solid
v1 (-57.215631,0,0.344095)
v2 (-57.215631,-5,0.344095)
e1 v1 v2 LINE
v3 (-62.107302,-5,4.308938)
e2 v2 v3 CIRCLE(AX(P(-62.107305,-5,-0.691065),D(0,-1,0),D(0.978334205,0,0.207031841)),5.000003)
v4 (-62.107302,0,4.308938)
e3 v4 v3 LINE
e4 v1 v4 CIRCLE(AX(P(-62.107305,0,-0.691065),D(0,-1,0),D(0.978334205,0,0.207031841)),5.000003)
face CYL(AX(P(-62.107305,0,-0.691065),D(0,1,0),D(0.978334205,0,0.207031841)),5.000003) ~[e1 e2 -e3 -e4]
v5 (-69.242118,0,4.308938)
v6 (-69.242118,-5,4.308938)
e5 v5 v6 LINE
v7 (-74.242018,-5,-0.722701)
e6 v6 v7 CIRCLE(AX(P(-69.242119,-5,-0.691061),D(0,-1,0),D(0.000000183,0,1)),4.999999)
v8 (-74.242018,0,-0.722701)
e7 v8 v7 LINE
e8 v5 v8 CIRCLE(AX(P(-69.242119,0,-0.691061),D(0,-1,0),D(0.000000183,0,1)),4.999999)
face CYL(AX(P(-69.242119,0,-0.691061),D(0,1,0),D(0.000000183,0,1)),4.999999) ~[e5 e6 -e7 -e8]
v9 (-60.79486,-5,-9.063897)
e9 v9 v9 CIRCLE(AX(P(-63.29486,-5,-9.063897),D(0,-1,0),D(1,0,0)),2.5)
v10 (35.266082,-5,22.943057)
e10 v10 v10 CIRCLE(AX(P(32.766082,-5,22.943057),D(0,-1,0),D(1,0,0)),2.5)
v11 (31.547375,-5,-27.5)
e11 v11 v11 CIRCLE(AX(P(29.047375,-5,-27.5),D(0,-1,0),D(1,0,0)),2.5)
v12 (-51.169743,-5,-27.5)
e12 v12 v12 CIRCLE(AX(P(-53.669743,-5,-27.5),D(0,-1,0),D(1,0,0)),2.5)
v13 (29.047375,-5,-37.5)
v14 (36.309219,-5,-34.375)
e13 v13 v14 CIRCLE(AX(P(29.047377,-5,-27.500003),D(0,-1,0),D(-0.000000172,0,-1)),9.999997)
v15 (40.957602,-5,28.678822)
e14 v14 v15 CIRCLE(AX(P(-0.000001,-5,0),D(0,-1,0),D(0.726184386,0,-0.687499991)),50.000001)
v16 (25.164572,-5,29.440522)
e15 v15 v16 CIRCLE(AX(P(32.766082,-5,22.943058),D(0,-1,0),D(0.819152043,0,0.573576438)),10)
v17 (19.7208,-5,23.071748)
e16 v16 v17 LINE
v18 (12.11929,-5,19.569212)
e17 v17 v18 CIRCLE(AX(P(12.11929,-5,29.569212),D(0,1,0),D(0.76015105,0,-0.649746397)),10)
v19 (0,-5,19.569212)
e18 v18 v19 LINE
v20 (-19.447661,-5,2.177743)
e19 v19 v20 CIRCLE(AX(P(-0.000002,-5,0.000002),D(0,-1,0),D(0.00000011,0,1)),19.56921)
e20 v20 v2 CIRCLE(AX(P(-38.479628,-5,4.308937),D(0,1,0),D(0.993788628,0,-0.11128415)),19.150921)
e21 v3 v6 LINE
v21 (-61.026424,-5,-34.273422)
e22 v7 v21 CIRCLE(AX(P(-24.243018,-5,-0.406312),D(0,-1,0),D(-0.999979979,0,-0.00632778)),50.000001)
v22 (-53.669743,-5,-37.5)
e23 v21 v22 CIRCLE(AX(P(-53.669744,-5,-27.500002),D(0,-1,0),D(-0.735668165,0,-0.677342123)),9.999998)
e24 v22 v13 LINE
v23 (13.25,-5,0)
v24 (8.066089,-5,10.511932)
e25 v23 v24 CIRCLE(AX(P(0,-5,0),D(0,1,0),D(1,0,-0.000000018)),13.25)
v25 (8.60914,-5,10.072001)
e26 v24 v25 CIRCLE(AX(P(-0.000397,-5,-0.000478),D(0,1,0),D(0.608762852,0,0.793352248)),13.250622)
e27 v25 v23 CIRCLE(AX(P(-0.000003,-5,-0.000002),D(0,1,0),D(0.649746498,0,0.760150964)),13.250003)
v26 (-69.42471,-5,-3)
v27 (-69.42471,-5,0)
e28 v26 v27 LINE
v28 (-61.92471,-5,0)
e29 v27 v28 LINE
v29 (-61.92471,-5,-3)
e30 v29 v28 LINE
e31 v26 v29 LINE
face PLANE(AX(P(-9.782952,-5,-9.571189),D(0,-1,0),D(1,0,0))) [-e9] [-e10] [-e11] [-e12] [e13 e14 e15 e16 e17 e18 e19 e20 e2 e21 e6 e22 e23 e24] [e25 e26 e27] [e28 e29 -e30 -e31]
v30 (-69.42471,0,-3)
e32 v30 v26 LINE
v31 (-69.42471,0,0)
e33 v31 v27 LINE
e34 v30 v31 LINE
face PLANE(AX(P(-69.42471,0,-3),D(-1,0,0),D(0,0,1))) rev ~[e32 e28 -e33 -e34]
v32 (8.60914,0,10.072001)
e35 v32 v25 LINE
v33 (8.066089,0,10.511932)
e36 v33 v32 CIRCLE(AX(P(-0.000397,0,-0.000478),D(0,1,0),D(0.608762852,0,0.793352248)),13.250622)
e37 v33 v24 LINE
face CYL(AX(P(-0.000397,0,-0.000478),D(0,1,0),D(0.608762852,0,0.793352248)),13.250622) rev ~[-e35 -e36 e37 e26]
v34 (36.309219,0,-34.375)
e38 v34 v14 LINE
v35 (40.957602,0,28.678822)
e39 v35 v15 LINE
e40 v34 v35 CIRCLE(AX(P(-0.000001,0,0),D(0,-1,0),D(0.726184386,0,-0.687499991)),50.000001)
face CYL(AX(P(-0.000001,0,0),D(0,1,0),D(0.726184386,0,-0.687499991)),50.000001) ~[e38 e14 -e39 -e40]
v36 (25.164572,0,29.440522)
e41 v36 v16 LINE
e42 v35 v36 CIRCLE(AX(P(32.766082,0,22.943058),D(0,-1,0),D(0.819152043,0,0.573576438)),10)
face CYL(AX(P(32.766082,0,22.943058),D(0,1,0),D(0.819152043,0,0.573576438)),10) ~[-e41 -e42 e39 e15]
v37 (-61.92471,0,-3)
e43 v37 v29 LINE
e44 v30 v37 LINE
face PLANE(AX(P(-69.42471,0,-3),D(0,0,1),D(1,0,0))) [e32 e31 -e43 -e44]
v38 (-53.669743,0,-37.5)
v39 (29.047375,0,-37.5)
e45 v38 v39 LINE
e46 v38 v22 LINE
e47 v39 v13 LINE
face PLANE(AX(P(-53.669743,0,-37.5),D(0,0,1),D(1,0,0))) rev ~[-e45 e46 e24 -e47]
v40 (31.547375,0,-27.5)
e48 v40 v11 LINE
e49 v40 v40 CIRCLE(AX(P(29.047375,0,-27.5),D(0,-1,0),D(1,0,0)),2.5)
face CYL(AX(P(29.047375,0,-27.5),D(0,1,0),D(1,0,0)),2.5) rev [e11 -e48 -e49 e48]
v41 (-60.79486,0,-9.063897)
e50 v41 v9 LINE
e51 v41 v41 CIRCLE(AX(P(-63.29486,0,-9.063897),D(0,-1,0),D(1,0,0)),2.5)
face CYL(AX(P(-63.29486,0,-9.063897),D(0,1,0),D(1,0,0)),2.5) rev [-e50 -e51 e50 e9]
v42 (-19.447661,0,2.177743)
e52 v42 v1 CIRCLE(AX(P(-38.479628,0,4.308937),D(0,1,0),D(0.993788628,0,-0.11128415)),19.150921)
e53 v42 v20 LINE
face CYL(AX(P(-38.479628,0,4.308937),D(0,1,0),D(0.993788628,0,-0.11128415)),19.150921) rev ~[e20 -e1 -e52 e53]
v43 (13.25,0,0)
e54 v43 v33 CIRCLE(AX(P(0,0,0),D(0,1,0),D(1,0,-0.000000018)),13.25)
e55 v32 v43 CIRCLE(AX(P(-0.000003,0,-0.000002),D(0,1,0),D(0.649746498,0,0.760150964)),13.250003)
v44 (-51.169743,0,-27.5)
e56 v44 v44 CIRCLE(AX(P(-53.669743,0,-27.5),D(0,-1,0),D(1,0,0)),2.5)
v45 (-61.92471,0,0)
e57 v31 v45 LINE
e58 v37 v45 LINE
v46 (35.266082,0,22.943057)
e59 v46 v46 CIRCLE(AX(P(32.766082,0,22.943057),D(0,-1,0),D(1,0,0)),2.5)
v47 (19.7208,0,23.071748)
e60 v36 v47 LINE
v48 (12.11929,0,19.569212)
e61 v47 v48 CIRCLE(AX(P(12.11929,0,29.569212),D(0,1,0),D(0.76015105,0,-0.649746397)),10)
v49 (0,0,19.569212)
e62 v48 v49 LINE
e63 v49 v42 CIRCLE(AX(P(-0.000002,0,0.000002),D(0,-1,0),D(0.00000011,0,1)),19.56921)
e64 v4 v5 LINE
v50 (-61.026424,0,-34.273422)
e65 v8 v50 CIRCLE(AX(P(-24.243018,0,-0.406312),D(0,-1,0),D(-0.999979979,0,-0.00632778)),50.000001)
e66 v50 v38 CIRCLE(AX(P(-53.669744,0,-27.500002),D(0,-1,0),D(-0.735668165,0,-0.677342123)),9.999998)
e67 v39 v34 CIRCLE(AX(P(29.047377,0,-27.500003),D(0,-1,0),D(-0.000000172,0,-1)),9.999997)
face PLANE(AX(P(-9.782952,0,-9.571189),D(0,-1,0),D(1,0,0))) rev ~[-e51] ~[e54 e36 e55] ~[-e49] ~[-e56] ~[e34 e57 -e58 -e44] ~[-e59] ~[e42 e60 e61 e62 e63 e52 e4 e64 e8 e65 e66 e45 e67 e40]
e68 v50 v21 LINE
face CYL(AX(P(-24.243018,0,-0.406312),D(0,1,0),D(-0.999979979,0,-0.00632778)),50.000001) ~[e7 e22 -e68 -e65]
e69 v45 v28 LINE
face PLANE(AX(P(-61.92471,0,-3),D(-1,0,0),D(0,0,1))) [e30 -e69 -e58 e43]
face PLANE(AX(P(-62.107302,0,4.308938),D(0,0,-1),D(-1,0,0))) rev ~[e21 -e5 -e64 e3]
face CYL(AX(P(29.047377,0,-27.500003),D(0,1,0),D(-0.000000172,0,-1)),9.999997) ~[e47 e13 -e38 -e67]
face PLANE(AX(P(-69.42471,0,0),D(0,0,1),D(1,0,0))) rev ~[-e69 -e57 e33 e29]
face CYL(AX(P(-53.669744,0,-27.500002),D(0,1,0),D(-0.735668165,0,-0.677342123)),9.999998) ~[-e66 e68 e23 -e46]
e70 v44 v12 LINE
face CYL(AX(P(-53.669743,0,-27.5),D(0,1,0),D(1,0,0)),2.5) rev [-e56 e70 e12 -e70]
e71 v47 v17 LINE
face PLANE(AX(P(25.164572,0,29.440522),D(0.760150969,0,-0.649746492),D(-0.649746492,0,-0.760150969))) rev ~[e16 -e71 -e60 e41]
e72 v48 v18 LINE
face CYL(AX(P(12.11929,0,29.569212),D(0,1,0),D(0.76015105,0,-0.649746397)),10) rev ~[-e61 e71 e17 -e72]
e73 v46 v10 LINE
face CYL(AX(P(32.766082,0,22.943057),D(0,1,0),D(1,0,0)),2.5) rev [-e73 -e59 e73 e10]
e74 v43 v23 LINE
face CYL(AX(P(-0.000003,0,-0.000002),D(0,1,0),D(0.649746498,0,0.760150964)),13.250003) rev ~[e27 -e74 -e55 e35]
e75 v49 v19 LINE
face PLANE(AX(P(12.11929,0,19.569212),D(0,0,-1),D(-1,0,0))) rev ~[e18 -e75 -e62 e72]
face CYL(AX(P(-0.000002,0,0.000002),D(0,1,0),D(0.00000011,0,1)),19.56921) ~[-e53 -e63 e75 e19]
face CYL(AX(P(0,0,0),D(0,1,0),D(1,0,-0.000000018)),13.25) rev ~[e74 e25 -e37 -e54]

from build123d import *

# Parameters (mm, degrees)
F0_R     = 2.5
F0_W     = 7.5
F0_H     = 3
F1_DEPTH = 5


with BuildPart() as f1:
    # F0 (on Front) → F1 (new body)
    with BuildSketch(Plane.XZ):
        with BuildLine():
            Line((-53.669743, -37.5), (29.047375, -37.5))
            ThreePointArc((29.047375, -37.5), (33.000222, -36.685587), (36.309219, -34.375))
            ThreePointArc((36.309219, -34.375), (49.864682, -3.676068), (40.957602, 28.678822))
            ThreePointArc((40.957602, 28.678822), (33.247823, 32.931447), (25.164572, 29.440522))
            Line((25.164572, 29.440522), (19.7208, 23.071748))
            ThreePointArc((19.7208, 23.071748), (16.304105, 20.486959), (12.11929, 19.569212))
            Line((12.11929, 19.569212), (0, 19.569212))
            ThreePointArc((0, 19.569212), (-13.044872, 14.587166), (-19.447661, 2.177743))
            ThreePointArc((-19.447661, 2.177743), (-37.550938, -14.819453), (-57.215631, 0.344095))
            ThreePointArc((-57.215631, 0.344095), (-58.958953, 3.193251), (-62.107302, 4.308938))
            Line((-62.107302, 4.308938), (-69.242118, 4.308938))
            ThreePointArc((-69.242118, 4.308938), (-72.788821, 2.833268), (-74.242018, -0.722701))
            ThreePointArc((-74.242018, -0.722701), (-70.76408, -18.73091), (-61.026424, -34.273422))
            ThreePointArc((-61.026424, -34.273422), (-57.68632, -36.657899), (-53.669743, -37.5))
        make_face()
        with Locations((-53.669743, -27.5)):
            Circle(F0_R, mode=Mode.SUBTRACT)
        with Locations((-63.29486, -9.063897)):
            Circle(F0_R, mode=Mode.SUBTRACT)
        with Locations((29.047375, -27.5)):
            Circle(F0_R, mode=Mode.SUBTRACT)
        with Locations((-65.67471, -1.5)):
            Rectangle(F0_W, F0_H, mode=Mode.SUBTRACT)
        with BuildLine():
            ThreePointArc((8.60914, 10.072001), (12.033985, 5.54488), (13.25, 0))
            ThreePointArc((13.25, 0), (-11.883564, -5.860325), (8.066089, 10.511932))
            ThreePointArc((8.066089, 10.511932), (8.340516, 10.295547), (8.60914, 10.072001))
        make_face(mode=Mode.SUBTRACT)
        with Locations((32.766082, 22.943057)):
            Circle(F0_R, mode=Mode.SUBTRACT)
    extrude(amount=F1_DEPTH)


solid = f1.part
